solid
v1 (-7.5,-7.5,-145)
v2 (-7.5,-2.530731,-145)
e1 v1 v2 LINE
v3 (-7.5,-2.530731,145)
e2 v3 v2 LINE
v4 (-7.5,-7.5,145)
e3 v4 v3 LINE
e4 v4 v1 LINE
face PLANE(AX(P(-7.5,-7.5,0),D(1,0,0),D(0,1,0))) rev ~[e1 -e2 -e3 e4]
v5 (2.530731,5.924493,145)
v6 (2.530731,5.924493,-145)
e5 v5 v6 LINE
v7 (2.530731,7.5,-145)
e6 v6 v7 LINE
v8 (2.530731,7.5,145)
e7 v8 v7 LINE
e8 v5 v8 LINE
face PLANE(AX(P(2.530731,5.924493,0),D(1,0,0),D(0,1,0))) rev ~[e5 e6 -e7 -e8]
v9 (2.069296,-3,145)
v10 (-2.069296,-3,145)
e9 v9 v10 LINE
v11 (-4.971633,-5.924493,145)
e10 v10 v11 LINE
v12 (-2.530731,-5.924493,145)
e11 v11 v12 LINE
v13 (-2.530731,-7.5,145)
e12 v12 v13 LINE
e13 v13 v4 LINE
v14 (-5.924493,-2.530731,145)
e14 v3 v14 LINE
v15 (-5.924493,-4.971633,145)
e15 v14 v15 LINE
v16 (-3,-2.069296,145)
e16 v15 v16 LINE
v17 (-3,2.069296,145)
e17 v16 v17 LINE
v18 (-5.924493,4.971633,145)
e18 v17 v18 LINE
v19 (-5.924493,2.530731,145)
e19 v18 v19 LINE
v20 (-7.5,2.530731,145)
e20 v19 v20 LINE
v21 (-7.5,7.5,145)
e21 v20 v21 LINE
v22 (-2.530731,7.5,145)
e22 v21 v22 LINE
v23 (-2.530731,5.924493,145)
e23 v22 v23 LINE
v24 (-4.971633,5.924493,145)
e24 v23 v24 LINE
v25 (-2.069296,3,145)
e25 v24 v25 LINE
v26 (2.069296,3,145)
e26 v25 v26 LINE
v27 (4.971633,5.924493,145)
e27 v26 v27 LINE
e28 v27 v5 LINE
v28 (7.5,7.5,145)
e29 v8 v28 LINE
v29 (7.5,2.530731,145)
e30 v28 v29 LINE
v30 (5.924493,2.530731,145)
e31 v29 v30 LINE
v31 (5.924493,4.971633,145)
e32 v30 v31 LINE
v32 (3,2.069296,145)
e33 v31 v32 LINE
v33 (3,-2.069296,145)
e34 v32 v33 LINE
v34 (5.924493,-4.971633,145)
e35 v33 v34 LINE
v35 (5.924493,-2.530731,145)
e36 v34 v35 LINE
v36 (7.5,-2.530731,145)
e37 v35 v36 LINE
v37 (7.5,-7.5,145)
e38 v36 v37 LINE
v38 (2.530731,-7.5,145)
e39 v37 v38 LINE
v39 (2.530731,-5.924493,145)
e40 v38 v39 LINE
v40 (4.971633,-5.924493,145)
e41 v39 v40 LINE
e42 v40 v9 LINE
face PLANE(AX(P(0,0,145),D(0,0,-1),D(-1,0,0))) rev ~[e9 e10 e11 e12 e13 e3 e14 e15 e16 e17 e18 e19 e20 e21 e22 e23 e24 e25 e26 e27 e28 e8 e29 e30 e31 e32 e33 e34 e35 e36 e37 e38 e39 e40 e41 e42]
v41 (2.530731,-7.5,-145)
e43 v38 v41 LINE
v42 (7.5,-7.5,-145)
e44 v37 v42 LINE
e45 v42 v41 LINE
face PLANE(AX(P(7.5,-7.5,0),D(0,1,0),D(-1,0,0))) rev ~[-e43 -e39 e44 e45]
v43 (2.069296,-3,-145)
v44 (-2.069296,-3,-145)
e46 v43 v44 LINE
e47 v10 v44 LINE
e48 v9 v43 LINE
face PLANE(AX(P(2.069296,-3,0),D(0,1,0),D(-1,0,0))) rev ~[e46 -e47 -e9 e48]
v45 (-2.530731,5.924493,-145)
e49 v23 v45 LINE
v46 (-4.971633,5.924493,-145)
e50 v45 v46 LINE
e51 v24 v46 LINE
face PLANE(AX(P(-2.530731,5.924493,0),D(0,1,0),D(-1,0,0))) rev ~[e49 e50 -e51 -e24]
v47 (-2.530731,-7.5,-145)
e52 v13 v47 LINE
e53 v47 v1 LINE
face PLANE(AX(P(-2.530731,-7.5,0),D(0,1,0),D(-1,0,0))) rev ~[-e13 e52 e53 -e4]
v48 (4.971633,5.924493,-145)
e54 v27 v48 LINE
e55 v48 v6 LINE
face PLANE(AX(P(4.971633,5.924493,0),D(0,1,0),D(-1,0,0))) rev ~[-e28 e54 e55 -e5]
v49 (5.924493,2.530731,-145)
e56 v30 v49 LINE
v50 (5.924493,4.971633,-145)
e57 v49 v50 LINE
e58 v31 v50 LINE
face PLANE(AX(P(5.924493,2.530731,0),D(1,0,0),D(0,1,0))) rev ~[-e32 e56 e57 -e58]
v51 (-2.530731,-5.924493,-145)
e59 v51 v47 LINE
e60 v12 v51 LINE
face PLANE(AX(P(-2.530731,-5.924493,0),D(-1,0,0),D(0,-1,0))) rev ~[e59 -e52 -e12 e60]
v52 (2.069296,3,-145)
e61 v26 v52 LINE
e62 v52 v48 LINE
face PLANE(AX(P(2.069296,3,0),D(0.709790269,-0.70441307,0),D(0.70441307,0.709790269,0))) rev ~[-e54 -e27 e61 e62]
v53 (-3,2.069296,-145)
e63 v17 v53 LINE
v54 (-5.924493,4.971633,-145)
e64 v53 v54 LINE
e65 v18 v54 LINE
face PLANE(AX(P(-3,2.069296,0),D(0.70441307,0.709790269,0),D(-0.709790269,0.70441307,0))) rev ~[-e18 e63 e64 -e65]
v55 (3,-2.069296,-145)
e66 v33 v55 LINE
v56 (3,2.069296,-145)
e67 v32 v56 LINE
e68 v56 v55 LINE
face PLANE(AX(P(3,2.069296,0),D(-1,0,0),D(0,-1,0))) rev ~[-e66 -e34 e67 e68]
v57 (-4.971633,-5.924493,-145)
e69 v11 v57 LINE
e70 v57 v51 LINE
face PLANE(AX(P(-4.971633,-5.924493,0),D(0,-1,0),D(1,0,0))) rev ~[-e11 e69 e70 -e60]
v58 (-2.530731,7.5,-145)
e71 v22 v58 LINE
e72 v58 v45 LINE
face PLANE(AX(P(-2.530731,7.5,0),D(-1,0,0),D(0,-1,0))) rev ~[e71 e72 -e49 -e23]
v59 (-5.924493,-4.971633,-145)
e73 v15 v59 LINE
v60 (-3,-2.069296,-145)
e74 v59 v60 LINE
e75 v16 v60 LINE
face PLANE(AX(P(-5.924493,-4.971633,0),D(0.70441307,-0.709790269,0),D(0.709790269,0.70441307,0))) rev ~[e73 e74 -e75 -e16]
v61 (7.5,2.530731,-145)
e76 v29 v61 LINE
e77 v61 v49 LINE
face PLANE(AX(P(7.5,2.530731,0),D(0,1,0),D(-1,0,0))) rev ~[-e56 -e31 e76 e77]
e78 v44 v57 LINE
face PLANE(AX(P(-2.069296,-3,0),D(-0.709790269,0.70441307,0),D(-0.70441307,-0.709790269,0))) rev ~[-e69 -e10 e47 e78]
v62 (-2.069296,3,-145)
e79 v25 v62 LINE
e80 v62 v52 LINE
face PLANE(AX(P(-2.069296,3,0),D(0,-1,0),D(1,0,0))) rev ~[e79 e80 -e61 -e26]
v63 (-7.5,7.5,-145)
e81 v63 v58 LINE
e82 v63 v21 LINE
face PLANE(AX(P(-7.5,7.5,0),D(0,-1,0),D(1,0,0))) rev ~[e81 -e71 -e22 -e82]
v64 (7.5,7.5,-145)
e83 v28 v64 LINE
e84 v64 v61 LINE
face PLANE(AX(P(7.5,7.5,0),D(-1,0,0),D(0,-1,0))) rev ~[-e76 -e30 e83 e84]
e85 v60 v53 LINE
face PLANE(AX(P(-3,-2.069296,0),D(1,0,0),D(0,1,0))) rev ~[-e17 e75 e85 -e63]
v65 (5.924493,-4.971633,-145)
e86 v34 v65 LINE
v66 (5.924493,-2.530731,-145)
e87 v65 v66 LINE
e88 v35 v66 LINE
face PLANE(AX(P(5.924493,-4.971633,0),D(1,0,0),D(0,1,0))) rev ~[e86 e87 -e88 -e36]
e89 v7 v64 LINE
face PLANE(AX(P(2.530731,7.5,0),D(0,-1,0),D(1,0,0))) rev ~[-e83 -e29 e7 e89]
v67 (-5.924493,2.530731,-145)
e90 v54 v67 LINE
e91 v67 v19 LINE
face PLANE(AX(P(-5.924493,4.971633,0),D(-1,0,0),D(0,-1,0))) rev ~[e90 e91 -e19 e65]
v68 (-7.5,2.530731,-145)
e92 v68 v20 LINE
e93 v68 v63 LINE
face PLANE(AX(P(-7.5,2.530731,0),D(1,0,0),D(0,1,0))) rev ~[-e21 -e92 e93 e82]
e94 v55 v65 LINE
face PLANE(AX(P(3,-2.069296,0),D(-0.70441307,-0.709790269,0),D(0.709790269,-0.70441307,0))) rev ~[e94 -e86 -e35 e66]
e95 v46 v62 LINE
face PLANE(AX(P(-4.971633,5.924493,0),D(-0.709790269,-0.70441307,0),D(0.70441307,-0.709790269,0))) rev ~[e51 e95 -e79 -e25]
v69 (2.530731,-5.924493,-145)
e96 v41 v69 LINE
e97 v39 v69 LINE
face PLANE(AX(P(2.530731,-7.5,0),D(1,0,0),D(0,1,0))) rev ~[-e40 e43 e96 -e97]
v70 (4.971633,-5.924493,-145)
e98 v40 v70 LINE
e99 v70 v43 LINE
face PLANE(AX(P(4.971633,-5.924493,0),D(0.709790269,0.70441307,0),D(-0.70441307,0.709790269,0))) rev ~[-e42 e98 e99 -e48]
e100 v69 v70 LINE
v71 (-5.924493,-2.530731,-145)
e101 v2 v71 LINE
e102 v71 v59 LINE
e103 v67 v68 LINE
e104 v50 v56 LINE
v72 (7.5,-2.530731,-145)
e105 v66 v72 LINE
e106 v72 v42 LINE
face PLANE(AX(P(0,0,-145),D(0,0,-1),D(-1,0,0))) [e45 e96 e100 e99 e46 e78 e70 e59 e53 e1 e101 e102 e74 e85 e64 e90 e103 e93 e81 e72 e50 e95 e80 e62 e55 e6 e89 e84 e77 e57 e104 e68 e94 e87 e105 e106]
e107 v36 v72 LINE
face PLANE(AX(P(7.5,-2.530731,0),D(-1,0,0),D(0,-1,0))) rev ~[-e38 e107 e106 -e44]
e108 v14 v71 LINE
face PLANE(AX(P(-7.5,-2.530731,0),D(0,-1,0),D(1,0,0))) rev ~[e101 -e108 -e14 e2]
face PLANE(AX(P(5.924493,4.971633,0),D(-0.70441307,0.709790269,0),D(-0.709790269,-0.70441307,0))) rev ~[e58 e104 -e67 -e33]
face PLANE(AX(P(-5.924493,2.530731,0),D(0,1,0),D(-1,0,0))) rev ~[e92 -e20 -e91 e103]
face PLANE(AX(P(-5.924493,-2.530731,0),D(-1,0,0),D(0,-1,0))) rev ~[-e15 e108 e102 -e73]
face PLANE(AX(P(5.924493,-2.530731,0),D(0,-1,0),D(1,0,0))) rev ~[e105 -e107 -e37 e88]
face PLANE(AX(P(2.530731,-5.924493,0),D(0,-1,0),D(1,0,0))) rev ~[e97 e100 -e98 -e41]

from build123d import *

# Parameters (mm, degrees)
BOSS_EXTRUDE1_DEPTH = 145


with BuildPart() as part:
    # Sketch1 → Boss-Extrude1 (new body, symmetric)
    with BuildSketch(Plane.XY):
        Polygon((-7.5, 7.5), (-2.530730605, 7.5), (-2.530730605, 5.924492669), (-4.971633189, 5.924492669), (-2.069295768, 3), (2.069295768, 3), (4.971633189, 5.924492669), (2.530730605, 5.924492669), (2.530730605, 7.5), (7.5, 7.5), (7.5, 2.530730605), (5.924492669, 2.530730605), (5.924492669, 4.971633189), (3, 2.069295768), (3, -2.069295768), (5.924492669, -4.971633189), (5.924492669, -2.530730605), (7.5, -2.530730605), (7.5, -7.5), (2.530730605, -7.5), (2.530730605, -5.924492669), (4.971633189, -5.924492669), (2.069295768, -3), (-2.069295768, -3), (-4.971633189, -5.924492669), (-2.530730605, -5.924492669), (-2.530730605, -7.5), (-7.5, -7.5), (-7.5, -2.530730605), (-5.924492669, -2.530730605), (-5.924492669, -4.971633189), (-3, -2.069295768), (-3, 2.069295768), (-5.924492669, 4.971633189), (-5.924492669, 2.530730605), (-7.5, 2.530730605), align=None)
    extrude(amount=BOSS_EXTRUDE1_DEPTH, both=True)


solid = part.part
